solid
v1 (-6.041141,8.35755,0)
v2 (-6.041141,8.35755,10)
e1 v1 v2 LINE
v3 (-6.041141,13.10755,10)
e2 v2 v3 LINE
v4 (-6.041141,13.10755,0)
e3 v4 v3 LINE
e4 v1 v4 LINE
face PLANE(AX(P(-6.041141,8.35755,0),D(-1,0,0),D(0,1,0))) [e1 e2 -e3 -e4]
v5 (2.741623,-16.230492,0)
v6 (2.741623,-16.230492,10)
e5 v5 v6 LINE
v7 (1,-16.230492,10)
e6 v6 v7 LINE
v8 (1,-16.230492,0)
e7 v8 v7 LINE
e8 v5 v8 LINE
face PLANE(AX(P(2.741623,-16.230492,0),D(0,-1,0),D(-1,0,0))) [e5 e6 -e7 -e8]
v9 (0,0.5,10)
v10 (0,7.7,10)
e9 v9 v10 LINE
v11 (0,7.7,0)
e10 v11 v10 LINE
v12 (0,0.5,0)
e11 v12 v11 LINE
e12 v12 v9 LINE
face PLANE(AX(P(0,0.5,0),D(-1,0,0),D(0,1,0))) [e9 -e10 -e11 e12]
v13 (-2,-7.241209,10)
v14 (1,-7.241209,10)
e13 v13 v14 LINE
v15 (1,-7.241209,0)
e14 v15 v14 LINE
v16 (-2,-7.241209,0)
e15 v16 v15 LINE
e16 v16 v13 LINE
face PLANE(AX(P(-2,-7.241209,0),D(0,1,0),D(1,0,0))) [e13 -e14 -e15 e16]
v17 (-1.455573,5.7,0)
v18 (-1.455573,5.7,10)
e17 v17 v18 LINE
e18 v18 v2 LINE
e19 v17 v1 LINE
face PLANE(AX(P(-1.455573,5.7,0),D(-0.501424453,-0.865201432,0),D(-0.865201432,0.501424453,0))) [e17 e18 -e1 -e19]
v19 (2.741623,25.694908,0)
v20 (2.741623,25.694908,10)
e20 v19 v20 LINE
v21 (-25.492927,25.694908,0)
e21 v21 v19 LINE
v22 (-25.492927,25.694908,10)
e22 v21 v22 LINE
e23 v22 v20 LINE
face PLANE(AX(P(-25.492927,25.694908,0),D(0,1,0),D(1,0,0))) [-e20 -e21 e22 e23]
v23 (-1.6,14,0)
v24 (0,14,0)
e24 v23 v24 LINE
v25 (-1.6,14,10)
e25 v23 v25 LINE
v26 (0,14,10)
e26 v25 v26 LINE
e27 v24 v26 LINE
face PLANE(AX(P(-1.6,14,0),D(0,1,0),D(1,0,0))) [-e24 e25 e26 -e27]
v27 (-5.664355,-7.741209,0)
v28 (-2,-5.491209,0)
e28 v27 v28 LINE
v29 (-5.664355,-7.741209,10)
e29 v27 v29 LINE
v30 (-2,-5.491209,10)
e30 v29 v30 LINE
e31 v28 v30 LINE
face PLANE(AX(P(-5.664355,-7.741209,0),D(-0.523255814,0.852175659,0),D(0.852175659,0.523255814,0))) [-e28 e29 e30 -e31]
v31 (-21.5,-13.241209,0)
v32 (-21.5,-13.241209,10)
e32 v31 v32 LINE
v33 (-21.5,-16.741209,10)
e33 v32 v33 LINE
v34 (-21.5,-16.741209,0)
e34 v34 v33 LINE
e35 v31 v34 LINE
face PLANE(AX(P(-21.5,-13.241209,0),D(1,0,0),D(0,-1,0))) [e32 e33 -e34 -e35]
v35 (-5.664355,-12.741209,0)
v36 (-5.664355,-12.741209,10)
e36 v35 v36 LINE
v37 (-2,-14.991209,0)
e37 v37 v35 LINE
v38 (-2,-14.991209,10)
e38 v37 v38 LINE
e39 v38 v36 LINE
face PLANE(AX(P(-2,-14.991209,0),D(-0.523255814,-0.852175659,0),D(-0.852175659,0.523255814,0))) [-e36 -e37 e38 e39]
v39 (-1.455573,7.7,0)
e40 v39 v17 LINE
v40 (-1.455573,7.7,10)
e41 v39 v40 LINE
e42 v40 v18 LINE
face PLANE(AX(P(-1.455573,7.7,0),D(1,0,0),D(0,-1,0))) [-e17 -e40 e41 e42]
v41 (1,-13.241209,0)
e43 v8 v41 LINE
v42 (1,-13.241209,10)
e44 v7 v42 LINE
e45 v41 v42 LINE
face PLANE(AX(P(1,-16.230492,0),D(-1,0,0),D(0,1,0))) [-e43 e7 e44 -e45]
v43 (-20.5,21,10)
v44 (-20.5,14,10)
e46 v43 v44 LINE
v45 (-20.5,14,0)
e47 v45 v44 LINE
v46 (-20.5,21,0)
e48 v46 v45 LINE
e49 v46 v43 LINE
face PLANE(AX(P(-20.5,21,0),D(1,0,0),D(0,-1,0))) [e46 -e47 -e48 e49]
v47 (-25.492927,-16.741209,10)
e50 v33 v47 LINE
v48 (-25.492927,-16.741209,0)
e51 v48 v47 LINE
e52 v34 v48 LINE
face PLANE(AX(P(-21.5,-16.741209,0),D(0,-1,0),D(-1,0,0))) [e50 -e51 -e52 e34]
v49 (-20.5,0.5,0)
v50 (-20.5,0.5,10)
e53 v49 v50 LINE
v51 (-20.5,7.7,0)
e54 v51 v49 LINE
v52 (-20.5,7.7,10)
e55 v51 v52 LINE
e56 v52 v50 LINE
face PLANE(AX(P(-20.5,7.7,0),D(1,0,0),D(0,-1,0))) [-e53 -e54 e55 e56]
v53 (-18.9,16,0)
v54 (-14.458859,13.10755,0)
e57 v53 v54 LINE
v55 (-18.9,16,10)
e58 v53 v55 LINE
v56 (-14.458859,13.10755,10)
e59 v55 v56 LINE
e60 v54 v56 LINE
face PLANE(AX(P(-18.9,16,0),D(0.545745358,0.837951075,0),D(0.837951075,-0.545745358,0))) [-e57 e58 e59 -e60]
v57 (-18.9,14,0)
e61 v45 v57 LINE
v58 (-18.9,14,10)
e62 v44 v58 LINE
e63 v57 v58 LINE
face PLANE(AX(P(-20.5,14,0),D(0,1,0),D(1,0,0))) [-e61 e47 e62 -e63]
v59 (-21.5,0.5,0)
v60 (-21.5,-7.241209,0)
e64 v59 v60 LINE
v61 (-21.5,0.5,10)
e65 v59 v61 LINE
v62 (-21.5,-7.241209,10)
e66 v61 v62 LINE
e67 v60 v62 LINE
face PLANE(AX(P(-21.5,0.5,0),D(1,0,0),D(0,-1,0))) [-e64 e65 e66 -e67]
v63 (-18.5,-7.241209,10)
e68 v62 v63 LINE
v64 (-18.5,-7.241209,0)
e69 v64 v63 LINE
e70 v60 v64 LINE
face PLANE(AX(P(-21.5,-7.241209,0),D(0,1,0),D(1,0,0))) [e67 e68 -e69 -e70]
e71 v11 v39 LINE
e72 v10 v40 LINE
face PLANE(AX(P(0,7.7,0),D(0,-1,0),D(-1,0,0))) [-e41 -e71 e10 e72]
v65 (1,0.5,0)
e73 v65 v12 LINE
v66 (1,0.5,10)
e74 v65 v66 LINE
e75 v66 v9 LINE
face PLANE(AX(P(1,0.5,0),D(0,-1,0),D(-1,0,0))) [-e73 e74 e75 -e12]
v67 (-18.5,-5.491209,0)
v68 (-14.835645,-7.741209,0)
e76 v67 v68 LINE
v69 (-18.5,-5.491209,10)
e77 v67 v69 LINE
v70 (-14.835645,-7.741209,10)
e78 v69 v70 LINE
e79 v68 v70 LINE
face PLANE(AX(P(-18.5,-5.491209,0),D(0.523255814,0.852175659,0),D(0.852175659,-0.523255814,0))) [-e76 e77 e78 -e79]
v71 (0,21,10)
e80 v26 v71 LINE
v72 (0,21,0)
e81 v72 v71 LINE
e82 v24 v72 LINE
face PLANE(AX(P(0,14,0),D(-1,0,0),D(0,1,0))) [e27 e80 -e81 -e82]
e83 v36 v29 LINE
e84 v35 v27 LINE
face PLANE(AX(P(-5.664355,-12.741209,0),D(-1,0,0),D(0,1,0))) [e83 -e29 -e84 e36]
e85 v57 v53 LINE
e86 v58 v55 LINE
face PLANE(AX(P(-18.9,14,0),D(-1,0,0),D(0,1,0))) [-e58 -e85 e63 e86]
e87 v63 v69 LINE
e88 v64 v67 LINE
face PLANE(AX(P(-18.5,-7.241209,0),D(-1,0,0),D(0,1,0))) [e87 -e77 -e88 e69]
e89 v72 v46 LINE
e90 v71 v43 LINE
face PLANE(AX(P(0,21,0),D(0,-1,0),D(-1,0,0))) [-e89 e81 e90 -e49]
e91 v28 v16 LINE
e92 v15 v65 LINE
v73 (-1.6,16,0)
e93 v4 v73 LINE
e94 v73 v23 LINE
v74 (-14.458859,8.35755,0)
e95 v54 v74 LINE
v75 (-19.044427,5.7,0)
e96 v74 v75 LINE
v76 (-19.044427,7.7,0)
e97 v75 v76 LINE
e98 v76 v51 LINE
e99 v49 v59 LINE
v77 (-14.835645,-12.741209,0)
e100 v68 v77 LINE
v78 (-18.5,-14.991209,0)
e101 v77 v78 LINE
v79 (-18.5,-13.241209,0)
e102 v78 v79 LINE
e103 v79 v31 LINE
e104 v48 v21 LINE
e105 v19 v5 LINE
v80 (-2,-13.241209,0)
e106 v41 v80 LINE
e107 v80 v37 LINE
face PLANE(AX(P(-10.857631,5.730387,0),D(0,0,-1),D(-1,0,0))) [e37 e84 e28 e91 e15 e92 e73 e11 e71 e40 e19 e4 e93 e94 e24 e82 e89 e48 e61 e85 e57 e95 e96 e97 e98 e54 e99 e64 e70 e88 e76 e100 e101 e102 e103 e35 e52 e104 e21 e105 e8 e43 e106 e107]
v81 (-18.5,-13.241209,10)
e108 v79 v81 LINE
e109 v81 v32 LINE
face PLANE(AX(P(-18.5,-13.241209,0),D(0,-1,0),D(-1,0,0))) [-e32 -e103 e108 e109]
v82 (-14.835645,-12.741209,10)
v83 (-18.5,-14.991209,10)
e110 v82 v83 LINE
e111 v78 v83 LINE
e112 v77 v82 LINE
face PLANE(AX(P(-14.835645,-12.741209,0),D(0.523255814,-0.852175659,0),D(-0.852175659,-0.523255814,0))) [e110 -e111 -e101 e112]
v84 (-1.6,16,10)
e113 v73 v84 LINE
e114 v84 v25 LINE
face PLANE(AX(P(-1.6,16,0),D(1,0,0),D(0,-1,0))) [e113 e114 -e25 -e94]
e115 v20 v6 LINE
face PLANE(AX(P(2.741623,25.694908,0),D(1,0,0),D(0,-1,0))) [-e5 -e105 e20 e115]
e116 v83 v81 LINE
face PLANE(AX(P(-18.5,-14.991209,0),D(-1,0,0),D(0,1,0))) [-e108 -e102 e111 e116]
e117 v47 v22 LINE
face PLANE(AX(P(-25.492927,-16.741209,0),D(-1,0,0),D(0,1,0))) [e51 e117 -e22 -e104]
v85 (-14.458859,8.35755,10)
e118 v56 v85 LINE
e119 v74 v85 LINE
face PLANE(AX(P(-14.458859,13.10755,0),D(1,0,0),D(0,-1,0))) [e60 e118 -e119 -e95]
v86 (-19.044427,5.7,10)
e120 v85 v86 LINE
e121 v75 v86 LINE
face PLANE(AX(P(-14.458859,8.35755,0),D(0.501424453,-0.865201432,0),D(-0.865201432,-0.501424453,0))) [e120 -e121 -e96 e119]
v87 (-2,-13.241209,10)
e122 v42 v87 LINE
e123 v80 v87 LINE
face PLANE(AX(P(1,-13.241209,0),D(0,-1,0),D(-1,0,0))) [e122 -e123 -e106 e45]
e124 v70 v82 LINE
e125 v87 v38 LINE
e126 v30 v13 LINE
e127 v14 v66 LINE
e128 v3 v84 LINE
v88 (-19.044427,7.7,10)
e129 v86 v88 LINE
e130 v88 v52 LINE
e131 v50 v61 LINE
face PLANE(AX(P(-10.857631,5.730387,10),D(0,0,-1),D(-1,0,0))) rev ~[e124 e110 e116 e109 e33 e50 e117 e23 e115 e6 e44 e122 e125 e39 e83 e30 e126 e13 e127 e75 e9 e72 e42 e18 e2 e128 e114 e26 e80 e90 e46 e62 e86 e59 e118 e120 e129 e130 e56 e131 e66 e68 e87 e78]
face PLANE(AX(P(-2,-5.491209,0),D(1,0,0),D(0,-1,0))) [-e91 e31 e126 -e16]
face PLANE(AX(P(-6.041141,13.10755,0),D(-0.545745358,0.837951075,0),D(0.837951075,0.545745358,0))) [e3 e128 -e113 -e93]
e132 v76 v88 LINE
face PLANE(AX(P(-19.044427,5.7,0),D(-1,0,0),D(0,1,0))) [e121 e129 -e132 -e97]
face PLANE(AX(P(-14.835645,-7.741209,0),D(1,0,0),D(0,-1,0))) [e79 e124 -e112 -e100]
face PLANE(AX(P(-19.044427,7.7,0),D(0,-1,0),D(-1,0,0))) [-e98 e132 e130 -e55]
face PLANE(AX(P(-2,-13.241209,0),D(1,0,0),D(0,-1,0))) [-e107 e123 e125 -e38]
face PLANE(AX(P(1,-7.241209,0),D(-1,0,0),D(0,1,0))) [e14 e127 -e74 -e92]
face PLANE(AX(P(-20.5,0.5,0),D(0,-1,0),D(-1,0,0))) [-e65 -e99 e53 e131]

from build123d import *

# Parameters (mm, degrees)
Y_KSEKLIK_EKSTR_ZYON2_DEPTH = 10


with BuildPart() as part:
    # Çizim1 → Yükseklik-Ekstrüzyon2 (new body)
    with BuildSketch(Plane.XY):
        Polygon((-25.492927237, -16.741209148), (-25.492927237, 25.69490809), (2.74162316, 25.69490809), (2.74162316, -16.230491935), (1, -16.230491935), (1, -13.241209148), (-2, -13.241209148), (-2, -14.991209148), (-5.664355332, -12.741209148), (-5.664355332, -7.741209148), (-2, -5.491209148), (-2, -7.241209148), (1, -7.241209148), (1, 0.5), (0, 0.5), (0, 7.7), (-1.45557311, 7.7), (-1.45557311, 5.7), (-6.041140698, 8.357549603), (-6.041140698, 13.107549603), (-1.6, 16), (-1.6, 14), (0, 14), (0, 21), (-20.5, 21), (-20.5, 14), (-18.9, 14), (-18.9, 16), (-14.458859302, 13.107549603), (-14.458859302, 8.357549603), (-19.04442689, 5.7), (-19.04442689, 7.7), (-20.5, 7.7), (-20.5, 0.5), (-21.5, 0.5), (-21.5, -7.241209148), (-18.5, -7.241209148), (-18.5, -5.491209148), (-14.835644668, -7.741209148), (-14.835644668, -12.741209148), (-18.5, -14.991209148), (-18.5, -13.241209148), (-21.5, -13.241209148), (-21.5, -16.741209148), align=None)
    extrude(amount=Y_KSEKLIK_EKSTR_ZYON2_DEPTH)


solid = part.part
